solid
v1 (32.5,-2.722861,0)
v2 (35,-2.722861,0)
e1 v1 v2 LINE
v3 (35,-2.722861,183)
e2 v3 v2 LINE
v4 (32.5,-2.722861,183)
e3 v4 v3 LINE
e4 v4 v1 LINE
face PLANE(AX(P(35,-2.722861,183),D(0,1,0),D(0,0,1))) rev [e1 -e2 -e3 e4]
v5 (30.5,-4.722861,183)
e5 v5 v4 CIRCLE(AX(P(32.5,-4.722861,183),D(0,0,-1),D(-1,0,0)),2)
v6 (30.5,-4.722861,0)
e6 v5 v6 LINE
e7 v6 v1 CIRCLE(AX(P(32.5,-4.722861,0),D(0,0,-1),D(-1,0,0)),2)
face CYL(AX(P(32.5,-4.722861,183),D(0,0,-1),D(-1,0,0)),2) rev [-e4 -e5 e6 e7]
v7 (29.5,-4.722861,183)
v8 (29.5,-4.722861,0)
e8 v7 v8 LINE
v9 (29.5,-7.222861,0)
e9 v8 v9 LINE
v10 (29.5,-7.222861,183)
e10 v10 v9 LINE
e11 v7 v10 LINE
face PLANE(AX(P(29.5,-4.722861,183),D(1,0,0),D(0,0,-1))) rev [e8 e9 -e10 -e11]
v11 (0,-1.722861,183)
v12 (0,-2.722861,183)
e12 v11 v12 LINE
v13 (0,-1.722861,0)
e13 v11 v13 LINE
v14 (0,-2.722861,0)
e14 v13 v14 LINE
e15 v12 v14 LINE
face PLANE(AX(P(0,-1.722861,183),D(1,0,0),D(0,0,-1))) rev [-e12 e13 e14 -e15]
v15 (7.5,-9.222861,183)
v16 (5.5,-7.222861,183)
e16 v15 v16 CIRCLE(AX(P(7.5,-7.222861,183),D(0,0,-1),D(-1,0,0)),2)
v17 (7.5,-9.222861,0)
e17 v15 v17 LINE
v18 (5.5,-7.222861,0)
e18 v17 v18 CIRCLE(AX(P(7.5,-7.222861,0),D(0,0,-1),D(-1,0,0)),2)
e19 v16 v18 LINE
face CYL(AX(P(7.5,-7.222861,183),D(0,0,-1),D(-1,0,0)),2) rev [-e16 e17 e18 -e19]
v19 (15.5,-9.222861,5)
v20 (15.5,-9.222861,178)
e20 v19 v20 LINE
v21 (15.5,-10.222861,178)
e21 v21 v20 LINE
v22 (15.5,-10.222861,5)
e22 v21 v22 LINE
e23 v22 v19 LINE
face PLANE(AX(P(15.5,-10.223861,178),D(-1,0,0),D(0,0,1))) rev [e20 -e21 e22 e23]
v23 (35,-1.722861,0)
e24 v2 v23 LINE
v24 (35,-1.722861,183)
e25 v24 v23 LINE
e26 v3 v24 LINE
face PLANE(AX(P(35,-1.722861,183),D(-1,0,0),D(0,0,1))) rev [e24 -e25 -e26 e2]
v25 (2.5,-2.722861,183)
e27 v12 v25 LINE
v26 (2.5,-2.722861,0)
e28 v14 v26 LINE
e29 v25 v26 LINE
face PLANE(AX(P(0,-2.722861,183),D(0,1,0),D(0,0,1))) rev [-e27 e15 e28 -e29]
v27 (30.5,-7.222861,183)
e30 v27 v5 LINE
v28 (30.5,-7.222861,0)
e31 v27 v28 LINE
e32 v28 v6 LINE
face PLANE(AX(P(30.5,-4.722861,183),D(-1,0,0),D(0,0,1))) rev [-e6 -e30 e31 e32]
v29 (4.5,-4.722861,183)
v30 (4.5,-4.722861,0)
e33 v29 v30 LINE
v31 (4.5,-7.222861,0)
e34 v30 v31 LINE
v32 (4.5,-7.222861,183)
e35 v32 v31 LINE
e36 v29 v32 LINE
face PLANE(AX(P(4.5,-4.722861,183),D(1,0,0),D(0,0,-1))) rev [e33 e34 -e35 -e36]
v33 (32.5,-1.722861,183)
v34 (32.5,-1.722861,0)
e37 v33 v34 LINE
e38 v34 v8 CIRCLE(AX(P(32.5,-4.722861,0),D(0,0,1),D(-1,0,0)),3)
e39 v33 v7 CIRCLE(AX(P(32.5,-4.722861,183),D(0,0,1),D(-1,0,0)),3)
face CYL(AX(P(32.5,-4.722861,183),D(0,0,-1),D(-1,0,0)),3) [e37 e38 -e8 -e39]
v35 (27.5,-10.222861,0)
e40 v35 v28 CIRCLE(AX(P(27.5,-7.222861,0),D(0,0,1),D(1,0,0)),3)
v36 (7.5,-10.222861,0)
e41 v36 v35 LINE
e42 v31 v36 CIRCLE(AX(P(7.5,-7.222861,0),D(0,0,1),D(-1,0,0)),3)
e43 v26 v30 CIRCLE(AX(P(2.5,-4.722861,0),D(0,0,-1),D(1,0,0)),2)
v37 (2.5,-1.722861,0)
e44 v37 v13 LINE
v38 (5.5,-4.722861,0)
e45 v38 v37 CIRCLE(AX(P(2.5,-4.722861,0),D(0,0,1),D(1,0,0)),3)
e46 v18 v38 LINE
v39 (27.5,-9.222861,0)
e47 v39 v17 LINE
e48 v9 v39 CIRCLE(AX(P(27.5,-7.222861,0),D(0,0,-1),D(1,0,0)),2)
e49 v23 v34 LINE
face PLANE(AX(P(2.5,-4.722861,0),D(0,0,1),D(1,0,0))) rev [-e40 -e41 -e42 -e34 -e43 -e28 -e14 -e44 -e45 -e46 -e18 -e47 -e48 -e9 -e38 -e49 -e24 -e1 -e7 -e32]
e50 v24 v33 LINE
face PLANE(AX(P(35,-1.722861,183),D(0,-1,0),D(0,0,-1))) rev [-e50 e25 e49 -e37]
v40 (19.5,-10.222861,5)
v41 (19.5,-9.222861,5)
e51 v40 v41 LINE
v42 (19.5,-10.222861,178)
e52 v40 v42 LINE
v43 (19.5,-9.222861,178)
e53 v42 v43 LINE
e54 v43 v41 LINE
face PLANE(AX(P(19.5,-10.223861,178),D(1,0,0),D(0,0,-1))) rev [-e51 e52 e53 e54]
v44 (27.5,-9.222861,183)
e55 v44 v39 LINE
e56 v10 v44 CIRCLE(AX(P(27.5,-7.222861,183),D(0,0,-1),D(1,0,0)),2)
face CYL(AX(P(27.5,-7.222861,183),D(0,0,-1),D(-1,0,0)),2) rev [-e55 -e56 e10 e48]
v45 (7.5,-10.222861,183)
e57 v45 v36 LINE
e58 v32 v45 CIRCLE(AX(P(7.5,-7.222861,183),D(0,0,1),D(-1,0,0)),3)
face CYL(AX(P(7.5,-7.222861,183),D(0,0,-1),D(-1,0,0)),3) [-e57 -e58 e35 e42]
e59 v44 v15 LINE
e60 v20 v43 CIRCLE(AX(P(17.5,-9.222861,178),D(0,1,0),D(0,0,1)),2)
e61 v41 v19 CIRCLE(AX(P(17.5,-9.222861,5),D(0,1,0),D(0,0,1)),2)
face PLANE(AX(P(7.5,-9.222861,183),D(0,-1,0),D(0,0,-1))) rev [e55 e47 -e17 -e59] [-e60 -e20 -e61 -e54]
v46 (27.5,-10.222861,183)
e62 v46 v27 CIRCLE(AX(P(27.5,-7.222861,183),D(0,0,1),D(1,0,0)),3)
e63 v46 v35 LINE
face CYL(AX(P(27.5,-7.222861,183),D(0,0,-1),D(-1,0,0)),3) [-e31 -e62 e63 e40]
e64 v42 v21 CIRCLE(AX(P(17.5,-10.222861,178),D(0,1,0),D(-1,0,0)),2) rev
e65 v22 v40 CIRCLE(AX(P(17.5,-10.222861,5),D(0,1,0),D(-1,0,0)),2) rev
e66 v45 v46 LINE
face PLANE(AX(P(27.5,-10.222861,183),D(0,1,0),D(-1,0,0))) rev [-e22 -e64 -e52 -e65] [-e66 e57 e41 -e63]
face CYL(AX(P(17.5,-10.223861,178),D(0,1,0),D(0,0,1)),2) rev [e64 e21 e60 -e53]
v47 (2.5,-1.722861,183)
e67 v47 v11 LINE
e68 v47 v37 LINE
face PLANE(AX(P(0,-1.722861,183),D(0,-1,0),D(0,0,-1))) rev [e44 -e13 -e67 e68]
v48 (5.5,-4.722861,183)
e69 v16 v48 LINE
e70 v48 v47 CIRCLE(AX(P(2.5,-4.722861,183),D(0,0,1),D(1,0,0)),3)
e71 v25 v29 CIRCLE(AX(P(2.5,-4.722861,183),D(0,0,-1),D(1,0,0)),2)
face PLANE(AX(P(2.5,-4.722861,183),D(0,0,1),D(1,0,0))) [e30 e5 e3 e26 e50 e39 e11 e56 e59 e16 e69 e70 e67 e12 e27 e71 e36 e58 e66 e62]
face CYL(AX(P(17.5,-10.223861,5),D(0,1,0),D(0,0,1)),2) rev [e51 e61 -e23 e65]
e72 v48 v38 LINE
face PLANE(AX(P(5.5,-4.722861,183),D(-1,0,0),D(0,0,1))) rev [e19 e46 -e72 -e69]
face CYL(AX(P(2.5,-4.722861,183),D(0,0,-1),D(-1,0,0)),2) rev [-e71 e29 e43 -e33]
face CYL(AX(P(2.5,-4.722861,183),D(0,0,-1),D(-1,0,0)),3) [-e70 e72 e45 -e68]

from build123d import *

# Parameters (mm, degrees)
BOSS_EXTRUDE1_DEPTH = 183
CUT_EXTRUDE1_REACH  = 188.468


with BuildPart() as part:
    # Sketch1 → Boss-Extrude1 (new body)
    with BuildSketch(Plane.XY):
        with BuildLine():
            Line((0, -2.722861027), (2.5, -2.722861027))
            ThreePointArc((2.5, -2.722861027), (3.914213562, -3.308647465), (4.5, -4.722861027))
            Line((4.5, -4.722861027), (4.5, -7.222861027))
            ThreePointArc((4.5, -7.222861027), (5.378679656, -9.344181371), (7.5, -10.222861027))
            Line((7.5, -10.222861027), (17.5, -10.222861027))
            Line((17.5, -10.222861027), (27.5, -10.222861027))
            ThreePointArc((27.5, -10.222861027), (29.621320344, -9.344181371), (30.5, -7.222861027))
            Line((30.5, -7.222861027), (30.5, -4.722861027))
            ThreePointArc((30.5, -4.722861027), (31.085786438, -3.308647465), (32.5, -2.722861027))
            Line((32.5, -2.722861027), (35, -2.722861027))
            Line((35, -2.722861027), (35, -1.722861027))
            Line((35, -1.722861027), (32.5, -1.722861027))
            ThreePointArc((32.5, -1.722861027), (30.378679656, -2.601540684), (29.5, -4.722861027))
            Line((29.5, -4.722861027), (29.5, -7.222861027))
            ThreePointArc((29.5, -7.222861027), (28.914213562, -8.63707459), (27.5, -9.222861027))
            Line((27.5, -9.222861027), (17.5, -9.222861027))
            Line((17.5, -9.222861027), (7.5, -9.222861027))
            ThreePointArc((7.5, -9.222861027), (6.085786438, -8.63707459), (5.5, -7.222861027))
            Line((5.5, -7.222861027), (5.5, -4.722861027))
            ThreePointArc((5.5, -4.722861027), (4.621320344, -2.601540684), (2.5, -1.722861027))
            Line((2.5, -1.722861027), (0, -1.722861027))
            Line((0, -1.722861027), (0, -2.722861027))
        make_face()
    extrude(amount=BOSS_EXTRUDE1_DEPTH)

    # Sketch2 → Cut-Extrude1 (cut, up to next)
    with BuildSketch(Plane(origin=(0, -9.222861027, 0), x_dir=(1, 0, 0), z_dir=(0, 1, 0)), mode=Mode.PRIVATE) as cut_extrude1_sk1:
        with BuildLine():
            Line((15.5, -178), (15.5, -5))
            ThreePointArc((15.5, -5), (17.5, -3), (19.5, -5))
            Line((19.5, -5), (19.5, -178))
            ThreePointArc((19.5, -178), (17.5, -180), (15.5, -178))
        make_face()
    cut_extrude1_tool1 = extrude(cut_extrude1_sk1.sketch, amount=-CUT_EXTRUDE1_REACH, mode=Mode.PRIVATE) & part.part
    add(cut_extrude1_tool1.solids().sort_by_distance((17.5, -9.222861, 91.5))[0], mode=Mode.SUBTRACT)


solid = part.part
